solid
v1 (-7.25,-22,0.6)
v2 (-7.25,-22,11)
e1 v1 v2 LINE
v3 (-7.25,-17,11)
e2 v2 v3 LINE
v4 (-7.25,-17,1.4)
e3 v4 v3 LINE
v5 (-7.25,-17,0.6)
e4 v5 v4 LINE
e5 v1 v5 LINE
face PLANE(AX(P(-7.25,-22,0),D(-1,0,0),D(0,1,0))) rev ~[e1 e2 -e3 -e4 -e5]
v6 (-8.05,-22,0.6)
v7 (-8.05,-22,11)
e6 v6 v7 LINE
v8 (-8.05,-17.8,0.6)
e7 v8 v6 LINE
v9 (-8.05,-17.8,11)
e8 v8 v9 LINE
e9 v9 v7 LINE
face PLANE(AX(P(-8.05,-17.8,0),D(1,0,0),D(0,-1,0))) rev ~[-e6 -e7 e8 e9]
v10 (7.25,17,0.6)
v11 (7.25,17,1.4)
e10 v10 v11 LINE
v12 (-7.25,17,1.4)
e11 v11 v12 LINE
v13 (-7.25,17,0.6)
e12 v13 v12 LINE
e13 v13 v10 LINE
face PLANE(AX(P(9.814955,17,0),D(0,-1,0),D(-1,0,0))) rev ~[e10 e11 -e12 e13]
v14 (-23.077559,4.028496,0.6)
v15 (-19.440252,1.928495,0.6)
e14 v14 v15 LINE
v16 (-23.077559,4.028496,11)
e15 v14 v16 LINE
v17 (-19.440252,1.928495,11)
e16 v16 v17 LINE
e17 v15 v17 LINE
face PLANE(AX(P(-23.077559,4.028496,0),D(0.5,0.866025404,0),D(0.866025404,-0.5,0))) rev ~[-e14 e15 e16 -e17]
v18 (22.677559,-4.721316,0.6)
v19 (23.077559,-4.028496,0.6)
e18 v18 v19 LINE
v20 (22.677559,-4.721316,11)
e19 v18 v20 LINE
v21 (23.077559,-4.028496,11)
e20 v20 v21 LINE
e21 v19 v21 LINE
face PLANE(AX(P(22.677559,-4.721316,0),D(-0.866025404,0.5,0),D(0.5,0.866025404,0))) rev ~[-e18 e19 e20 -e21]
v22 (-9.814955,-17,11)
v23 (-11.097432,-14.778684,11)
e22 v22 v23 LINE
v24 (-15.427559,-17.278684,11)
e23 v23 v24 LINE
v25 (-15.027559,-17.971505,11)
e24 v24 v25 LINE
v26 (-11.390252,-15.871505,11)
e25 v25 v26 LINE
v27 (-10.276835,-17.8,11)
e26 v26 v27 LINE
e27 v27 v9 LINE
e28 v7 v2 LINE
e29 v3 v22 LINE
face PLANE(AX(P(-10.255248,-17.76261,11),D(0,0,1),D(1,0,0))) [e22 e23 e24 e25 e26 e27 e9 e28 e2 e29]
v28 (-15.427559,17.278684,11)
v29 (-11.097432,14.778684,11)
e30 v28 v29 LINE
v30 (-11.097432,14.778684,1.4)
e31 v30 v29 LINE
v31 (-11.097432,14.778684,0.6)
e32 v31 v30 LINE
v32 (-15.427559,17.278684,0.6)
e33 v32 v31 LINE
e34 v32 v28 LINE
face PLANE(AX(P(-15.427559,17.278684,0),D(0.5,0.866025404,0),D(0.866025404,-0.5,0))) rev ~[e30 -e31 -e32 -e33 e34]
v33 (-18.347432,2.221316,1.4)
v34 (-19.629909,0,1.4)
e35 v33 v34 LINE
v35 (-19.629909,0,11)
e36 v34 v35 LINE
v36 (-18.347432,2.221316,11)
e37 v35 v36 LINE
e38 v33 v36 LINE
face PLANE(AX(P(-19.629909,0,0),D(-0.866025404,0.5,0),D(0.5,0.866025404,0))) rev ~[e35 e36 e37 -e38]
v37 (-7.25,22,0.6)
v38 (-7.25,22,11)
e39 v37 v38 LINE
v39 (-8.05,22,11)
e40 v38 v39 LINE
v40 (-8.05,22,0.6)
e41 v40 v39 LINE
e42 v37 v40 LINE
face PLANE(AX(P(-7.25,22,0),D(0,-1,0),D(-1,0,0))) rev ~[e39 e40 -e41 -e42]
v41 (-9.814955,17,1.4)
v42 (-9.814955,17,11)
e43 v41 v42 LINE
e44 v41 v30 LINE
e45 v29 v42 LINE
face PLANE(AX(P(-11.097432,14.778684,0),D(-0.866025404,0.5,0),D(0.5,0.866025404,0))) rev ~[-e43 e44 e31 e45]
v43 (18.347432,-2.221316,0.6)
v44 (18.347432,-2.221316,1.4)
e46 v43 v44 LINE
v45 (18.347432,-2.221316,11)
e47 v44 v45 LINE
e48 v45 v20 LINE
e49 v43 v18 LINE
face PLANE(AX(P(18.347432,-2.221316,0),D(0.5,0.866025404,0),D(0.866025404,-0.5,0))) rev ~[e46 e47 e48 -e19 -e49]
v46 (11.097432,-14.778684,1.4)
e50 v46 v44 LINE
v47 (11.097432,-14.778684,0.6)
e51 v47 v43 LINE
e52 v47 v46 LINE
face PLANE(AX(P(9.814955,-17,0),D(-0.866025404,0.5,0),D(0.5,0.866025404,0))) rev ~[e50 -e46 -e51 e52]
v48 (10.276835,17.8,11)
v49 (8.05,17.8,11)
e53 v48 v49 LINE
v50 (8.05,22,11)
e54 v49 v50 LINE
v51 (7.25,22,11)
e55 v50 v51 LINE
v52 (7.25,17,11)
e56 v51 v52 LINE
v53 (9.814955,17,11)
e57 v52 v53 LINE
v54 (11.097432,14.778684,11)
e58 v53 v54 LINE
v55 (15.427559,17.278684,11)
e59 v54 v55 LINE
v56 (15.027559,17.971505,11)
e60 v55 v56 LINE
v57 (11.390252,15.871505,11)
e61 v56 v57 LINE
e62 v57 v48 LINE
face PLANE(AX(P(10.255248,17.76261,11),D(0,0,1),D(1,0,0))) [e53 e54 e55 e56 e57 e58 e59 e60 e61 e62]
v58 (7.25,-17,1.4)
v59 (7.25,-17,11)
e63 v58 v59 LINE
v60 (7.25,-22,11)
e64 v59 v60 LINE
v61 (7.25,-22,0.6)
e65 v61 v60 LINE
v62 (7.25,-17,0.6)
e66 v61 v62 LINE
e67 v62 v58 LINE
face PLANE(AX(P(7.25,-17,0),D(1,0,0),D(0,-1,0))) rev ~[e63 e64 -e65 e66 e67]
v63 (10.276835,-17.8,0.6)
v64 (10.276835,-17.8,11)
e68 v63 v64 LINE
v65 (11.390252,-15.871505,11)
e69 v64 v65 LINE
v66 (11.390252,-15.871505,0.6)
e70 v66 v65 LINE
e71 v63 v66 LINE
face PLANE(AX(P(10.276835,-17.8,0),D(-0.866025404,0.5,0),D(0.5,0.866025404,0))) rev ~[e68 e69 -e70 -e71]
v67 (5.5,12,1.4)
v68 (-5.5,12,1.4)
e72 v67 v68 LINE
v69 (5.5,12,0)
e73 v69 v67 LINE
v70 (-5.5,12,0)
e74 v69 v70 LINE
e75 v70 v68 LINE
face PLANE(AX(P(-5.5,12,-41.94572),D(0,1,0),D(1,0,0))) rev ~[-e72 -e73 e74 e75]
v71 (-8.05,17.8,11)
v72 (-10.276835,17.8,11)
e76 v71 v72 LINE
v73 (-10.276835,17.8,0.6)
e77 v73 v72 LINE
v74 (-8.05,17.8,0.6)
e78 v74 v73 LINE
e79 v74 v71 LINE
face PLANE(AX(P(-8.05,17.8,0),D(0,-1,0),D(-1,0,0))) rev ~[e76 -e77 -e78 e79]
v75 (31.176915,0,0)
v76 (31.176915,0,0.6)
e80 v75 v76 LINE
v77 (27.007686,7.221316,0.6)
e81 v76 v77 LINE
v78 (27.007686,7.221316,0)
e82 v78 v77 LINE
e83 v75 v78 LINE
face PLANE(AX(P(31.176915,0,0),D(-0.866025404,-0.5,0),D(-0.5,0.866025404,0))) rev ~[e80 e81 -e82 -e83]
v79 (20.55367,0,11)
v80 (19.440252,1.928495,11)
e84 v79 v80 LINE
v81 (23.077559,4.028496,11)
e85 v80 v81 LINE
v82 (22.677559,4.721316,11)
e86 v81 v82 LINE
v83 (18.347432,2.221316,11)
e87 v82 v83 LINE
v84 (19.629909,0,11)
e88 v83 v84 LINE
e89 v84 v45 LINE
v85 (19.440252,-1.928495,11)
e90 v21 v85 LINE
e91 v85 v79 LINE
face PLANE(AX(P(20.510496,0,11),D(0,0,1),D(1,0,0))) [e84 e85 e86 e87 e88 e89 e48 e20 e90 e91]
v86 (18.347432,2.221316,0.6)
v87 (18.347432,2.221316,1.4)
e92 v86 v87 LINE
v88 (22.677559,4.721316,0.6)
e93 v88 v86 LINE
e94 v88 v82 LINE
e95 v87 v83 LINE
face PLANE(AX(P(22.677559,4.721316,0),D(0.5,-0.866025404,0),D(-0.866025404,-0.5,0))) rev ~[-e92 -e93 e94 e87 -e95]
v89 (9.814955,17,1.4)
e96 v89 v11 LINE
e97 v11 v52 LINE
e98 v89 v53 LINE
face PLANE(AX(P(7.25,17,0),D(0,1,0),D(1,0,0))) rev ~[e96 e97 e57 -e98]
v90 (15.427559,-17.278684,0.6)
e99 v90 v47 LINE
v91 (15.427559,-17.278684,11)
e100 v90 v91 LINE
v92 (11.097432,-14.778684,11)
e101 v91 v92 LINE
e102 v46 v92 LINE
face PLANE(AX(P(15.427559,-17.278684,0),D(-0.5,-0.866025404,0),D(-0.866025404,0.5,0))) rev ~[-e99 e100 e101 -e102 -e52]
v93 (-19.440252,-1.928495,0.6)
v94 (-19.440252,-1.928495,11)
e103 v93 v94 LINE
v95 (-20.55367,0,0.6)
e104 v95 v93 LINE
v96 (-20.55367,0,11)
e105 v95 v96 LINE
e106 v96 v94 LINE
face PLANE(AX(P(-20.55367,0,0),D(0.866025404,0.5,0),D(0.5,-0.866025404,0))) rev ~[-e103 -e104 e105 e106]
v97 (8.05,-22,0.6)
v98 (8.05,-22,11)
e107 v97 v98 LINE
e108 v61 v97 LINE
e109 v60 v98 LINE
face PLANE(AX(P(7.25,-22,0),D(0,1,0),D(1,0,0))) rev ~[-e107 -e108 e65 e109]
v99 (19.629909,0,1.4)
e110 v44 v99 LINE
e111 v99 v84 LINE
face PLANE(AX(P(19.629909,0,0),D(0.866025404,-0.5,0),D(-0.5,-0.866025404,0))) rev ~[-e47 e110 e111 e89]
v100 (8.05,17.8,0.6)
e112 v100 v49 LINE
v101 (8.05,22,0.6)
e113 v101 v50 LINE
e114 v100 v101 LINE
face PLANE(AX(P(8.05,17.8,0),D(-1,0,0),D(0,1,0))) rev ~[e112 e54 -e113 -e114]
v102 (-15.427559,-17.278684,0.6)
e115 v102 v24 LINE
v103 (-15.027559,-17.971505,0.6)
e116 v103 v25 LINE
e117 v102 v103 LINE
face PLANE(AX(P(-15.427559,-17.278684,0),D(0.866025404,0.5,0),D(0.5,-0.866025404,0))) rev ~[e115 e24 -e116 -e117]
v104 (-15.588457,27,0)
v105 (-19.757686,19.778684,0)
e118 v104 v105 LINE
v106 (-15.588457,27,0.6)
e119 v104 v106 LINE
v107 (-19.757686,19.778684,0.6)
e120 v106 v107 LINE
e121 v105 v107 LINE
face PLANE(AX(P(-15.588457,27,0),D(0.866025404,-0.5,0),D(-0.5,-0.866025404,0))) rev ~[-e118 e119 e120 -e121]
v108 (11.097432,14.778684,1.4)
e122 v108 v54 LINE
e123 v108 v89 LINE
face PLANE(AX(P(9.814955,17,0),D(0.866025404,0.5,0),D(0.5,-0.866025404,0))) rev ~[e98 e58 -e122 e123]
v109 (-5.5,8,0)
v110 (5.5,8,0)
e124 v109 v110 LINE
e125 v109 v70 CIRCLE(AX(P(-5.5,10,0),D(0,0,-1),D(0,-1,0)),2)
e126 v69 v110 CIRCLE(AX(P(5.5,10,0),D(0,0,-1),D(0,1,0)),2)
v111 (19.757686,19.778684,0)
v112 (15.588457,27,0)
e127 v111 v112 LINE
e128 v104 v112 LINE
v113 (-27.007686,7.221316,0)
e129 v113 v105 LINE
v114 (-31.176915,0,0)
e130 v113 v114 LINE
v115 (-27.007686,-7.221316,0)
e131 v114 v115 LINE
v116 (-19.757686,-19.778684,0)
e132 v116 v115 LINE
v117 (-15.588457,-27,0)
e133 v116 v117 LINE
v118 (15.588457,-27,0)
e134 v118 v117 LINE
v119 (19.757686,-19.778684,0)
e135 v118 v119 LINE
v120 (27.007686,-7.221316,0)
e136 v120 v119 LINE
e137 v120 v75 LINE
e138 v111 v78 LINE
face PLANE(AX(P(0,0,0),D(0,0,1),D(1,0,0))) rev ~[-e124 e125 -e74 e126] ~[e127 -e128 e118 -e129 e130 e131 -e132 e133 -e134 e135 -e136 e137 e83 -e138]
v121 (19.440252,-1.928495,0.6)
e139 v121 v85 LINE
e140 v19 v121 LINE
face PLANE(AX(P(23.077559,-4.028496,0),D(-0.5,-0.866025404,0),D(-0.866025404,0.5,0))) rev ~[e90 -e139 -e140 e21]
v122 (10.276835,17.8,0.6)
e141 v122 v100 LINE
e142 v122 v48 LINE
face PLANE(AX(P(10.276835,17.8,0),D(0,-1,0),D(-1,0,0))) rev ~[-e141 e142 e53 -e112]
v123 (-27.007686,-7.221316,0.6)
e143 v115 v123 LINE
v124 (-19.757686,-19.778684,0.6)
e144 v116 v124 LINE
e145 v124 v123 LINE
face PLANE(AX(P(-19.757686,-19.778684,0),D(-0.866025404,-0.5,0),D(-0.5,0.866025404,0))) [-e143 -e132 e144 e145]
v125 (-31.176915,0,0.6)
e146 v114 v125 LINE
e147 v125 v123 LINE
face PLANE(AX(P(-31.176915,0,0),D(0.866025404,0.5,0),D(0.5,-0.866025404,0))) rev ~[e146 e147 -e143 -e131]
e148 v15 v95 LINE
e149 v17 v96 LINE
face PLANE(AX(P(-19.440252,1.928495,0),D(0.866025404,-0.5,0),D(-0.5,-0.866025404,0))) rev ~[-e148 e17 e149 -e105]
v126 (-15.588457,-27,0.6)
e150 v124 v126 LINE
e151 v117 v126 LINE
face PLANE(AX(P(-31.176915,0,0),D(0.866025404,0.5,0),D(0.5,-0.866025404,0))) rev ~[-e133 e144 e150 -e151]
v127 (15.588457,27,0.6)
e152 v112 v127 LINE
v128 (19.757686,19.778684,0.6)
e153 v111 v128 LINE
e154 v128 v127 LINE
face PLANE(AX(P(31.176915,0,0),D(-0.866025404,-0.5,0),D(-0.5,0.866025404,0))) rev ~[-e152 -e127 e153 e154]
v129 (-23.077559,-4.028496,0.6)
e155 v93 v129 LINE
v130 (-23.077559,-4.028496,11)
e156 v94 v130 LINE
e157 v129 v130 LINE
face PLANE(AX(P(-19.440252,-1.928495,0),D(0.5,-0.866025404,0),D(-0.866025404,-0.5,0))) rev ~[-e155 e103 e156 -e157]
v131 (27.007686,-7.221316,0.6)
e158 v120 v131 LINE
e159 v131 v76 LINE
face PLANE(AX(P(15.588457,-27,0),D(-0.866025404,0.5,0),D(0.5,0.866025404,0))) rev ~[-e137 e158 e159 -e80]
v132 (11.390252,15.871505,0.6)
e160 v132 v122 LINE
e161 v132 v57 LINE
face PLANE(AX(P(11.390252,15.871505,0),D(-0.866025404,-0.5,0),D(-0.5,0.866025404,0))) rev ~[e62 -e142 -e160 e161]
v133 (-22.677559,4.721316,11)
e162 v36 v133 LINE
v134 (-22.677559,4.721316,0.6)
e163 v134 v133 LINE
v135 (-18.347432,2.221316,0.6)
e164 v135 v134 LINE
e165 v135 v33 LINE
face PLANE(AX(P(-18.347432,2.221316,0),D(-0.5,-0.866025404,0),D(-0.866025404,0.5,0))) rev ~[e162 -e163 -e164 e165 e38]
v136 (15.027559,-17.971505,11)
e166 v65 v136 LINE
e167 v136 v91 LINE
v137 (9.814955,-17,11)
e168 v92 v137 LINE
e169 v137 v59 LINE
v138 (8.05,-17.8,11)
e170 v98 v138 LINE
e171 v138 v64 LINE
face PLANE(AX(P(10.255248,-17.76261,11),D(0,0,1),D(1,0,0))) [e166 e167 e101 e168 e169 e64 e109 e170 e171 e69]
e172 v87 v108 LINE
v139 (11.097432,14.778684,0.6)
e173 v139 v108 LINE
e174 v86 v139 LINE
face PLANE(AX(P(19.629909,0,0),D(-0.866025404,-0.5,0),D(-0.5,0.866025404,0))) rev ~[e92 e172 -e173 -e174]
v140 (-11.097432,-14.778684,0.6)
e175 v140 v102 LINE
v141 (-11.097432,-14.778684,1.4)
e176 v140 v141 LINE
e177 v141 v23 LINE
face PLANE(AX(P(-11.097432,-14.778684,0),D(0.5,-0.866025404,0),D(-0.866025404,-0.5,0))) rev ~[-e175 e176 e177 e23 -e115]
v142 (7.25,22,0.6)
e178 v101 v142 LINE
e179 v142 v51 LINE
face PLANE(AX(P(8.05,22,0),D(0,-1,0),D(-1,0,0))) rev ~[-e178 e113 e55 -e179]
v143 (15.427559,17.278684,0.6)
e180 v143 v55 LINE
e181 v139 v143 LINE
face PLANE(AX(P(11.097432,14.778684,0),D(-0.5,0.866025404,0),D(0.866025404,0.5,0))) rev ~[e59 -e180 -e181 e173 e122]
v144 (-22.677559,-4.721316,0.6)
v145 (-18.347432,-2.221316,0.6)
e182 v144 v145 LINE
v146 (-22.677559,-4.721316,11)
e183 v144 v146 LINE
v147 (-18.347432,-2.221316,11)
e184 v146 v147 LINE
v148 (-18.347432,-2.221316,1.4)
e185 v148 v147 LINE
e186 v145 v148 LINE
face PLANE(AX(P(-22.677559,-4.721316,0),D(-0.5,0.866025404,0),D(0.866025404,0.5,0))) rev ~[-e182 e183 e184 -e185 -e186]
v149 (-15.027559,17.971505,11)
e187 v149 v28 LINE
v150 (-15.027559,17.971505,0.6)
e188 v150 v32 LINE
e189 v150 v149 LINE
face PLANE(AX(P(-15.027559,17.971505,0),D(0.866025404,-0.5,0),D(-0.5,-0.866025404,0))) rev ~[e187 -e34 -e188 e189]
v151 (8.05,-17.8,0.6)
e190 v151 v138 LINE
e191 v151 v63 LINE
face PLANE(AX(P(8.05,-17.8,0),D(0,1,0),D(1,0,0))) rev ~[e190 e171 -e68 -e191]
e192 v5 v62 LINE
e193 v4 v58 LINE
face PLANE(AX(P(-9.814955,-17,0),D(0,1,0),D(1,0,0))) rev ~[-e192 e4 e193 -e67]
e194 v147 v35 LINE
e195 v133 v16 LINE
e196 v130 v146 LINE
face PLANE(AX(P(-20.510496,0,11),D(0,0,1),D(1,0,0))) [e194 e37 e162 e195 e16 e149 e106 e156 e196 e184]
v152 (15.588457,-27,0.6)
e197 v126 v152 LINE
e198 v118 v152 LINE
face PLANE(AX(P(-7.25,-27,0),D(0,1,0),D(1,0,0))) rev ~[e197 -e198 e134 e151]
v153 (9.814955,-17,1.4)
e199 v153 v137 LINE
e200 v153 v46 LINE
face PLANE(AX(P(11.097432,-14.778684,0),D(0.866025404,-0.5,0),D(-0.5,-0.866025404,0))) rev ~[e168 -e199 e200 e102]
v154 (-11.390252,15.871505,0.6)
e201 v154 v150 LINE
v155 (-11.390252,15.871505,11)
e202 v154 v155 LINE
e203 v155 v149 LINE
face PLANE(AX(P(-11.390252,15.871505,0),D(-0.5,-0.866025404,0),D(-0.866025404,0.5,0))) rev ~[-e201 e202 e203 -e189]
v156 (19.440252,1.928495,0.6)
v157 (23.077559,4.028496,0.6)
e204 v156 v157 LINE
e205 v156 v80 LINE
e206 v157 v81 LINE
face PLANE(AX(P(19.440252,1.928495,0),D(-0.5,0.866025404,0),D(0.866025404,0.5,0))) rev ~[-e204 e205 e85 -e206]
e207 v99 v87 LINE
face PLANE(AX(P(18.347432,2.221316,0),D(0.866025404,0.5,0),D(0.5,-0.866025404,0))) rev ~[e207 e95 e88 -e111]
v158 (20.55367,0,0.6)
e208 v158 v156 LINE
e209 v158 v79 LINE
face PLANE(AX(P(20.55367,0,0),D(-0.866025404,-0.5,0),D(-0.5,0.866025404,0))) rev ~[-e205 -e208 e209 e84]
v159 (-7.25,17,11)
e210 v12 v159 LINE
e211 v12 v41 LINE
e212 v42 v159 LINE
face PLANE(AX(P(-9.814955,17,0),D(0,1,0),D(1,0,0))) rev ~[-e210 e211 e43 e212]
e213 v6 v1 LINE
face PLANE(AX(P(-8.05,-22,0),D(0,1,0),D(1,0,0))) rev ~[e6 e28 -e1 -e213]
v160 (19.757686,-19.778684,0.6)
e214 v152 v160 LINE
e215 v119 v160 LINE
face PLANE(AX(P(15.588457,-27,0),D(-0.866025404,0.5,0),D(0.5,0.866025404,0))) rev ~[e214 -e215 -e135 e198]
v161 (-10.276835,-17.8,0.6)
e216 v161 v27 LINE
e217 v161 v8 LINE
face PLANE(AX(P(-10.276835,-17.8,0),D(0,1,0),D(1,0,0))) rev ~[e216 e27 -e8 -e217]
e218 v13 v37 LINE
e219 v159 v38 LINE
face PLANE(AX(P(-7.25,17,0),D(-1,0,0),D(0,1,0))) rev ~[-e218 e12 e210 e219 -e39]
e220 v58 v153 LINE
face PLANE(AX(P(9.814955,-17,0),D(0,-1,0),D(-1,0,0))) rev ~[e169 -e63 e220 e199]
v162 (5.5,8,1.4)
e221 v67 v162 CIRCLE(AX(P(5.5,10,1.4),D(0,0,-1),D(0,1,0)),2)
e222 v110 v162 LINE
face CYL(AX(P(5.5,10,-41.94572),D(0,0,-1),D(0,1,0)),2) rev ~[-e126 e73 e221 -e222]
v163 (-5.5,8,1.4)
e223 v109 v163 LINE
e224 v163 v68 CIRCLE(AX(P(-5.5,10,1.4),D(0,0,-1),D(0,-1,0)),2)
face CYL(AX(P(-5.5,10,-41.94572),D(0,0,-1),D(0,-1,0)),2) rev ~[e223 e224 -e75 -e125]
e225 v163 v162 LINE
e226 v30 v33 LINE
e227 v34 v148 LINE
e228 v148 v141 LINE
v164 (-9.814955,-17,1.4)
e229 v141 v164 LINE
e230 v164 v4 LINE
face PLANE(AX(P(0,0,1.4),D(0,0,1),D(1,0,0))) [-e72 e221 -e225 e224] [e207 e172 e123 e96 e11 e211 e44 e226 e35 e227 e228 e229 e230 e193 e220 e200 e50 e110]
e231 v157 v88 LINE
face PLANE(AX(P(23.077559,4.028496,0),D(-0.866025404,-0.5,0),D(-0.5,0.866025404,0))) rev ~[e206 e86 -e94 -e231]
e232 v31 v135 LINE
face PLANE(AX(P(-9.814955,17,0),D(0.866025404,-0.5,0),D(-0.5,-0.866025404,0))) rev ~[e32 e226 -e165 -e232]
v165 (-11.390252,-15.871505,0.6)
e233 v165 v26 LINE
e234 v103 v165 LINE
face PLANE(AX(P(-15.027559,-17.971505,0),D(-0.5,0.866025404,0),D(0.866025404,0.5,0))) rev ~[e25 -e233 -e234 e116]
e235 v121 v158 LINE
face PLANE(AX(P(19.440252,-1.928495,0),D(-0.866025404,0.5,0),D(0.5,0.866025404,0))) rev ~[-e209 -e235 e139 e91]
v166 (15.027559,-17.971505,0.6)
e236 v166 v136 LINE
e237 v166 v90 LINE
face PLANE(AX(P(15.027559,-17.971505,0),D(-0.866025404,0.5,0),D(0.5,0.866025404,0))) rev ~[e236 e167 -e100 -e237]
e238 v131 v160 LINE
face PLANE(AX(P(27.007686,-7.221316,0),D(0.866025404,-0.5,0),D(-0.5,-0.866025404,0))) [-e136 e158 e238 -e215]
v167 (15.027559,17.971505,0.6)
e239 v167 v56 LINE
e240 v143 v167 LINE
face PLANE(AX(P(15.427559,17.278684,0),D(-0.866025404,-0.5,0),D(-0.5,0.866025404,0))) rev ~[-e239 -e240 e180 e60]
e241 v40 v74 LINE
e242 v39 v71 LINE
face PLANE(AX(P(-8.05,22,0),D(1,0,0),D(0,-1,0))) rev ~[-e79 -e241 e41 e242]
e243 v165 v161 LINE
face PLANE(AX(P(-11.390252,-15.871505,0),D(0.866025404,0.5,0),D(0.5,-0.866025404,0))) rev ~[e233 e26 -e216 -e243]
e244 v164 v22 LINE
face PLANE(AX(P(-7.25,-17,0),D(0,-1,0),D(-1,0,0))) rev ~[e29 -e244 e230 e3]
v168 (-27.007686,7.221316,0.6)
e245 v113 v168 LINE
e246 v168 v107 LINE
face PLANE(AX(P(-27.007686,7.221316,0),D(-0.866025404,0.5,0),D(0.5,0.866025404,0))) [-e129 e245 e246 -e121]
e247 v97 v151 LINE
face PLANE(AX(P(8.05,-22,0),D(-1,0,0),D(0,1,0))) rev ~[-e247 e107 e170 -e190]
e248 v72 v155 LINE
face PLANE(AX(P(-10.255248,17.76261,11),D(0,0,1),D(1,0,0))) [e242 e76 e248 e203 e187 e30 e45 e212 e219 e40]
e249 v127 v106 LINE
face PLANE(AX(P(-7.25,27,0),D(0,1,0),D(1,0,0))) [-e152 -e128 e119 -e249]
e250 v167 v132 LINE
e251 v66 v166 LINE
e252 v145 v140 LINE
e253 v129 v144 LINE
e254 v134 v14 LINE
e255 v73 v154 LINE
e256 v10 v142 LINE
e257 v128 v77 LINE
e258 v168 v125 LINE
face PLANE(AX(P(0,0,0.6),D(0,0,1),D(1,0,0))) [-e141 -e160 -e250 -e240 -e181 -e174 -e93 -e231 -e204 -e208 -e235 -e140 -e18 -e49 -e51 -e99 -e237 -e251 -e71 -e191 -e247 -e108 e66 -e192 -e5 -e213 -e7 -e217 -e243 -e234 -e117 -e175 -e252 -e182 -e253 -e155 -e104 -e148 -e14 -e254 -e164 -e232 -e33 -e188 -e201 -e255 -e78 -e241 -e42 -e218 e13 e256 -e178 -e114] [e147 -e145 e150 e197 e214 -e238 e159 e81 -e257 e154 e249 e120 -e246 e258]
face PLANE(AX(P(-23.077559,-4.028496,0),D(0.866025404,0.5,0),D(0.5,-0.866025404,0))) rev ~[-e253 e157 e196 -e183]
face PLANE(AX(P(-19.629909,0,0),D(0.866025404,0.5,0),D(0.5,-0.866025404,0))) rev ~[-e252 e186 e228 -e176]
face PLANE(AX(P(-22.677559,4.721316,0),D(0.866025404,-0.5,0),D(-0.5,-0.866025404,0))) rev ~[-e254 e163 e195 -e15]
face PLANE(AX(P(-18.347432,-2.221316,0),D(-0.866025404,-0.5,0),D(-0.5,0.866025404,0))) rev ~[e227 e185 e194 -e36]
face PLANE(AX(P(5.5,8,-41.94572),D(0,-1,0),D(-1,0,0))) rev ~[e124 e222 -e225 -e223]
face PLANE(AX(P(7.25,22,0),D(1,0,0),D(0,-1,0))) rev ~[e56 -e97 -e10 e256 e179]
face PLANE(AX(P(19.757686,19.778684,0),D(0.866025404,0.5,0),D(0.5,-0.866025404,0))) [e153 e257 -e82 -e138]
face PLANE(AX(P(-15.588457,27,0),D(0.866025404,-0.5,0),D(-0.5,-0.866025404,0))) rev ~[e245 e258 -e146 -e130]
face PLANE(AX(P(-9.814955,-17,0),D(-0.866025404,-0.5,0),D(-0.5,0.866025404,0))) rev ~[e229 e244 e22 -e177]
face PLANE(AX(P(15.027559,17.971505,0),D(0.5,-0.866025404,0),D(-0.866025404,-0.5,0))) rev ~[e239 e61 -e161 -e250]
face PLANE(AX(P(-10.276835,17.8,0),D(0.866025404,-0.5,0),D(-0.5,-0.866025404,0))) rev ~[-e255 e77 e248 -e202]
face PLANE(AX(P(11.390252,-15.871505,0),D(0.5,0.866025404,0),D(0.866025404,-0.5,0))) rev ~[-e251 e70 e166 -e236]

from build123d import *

# Parameters (mm, degrees)
BOSS_EXTRUDE1_DEPTH     = 1.4
SKETCH2_W               = 14.5
SKETCH2_H               = 10
BOSS_EXTRUDE2_DEPTH     = 0.6
BOSS_EXTRUDE3_DEPTH     = 11
BOSS_EXTRUDE4_DEPTH     = 0.6
CUT_EXTRUDE1_DEPTH      = 43.345719973
CUT_EXTRUDE1_DEPTH_BACK = 43.345719973


with BuildPart() as part:
    # Sketch1 → Boss-Extrude1 (new body)
    with BuildSketch(Plane.XY):
        Polygon((19.629909152, 0), (9.814954576, 17), (-9.814954576, 17), (-19.629909152, 0), (-9.814954576, -17), (9.814954576, -17), align=None)
    extrude(amount=BOSS_EXTRUDE1_DEPTH)

    # Sketch2 → Boss-Extrude2 (add)
    with BuildSketch(Plane.XY):
        with Locations((0, 22)):
            Rectangle(SKETCH2_W, SKETCH2_H)
        Polygon((19.757685902, 19.778684177), (27.007685902, 7.221315823), (18.347431864, 2.221315823), (11.097431864, 14.778684177), align=None)
        Polygon((27.007685902, -7.221315823), (19.757685902, -19.778684177), (11.097431864, -14.778684177), (18.347431864, -2.221315823), align=None)
        with Locations((0, -22)):
            Rectangle(SKETCH2_W, SKETCH2_H)
        Polygon((-19.757685902, -19.778684177), (-27.007685902, -7.221315823), (-18.347431864, -2.221315823), (-11.097431864, -14.778684177), align=None)
        Polygon((-27.007685902, 7.221315823), (-19.757685902, 19.778684177), (-11.097431864, 14.778684177), (-18.347431864, 2.221315823), align=None)
    extrude(amount=BOSS_EXTRUDE2_DEPTH)

    # Sketch3 → Boss-Extrude3 (add)
    with BuildSketch(Plane.XY):
        Polygon((-7.25, 22), (-8.05, 22), (-8.05, 17.8), (-10.276834792, 17.8), (-11.390252187, 15.8715045), (-15.027558883, 17.9715045), (-15.427558883, 17.278684177), (-11.097431864, 14.778684177), (-9.814954576, 17), (-7.25, 17), align=None)
        Polygon((15.427558883, 17.278684177), (15.027558883, 17.9715045), (11.390252187, 15.8715045), (10.276834792, 17.8), (8.05, 17.8), (8.05, 22), (7.25, 22), (7.25, 17), (9.814954576, 17), (11.097431864, 14.778684177), align=None)
        Polygon((22.677558883, -4.721315823), (23.077558883, -4.0284955), (19.440252187, -1.9284955), (20.553669583, 0), (19.440252187, 1.9284955), (23.077558883, 4.0284955), (22.677558883, 4.721315823), (18.347431864, 2.221315823), (19.629909152, 0), (18.347431864, -2.221315823), align=None)
        Polygon((7.25, -22), (8.05, -22), (8.05, -17.8), (10.276834792, -17.8), (11.390252187, -15.8715045), (15.027558883, -17.9715045), (15.427558883, -17.278684177), (11.097431864, -14.778684177), (9.814954576, -17), (7.25, -17), align=None)
        Polygon((-15.427558883, -17.278684177), (-15.027558883, -17.9715045), (-11.390252187, -15.8715045), (-10.276834792, -17.8), (-8.05, -17.8), (-8.05, -22), (-7.25, -22), (-7.25, -17), (-9.814954576, -17), (-11.097431864, -14.778684177), align=None)
        Polygon((-22.677558883, 4.721315823), (-23.077558883, 4.0284955), (-19.440252187, 1.9284955), (-20.553669583, 0), (-19.440252187, -1.9284955), (-23.077558883, -4.0284955), (-22.677558883, -4.721315823), (-18.347431864, -2.221315823), (-19.629909152, 0), (-18.347431864, 2.221315823), align=None)
    extrude(amount=BOSS_EXTRUDE3_DEPTH)

    # Sketch4 → Boss-Extrude4 (add)
    with BuildSketch(Plane.XY):
        Polygon((31.176914536, 0), (15.588457268, 27), (-15.588457268, 27), (-31.176914536, 0), (-15.588457268, -27), (15.588457268, -27), align=None)
    extrude(amount=BOSS_EXTRUDE4_DEPTH)

    # Sketch5 → Cut-Extrude1 (cut, two sides: drawn at the far end of the back side and taken through both)
    with BuildSketch(Plane.XY.offset(1.4).offset(-CUT_EXTRUDE1_DEPTH_BACK)):
        with BuildLine():
            Line((-5.5, 12), (5.5, 12))
            ThreePointArc((5.5, 12), (7.5, 10), (5.5, 8))
            Line((5.5, 8), (-5.5, 8))
            ThreePointArc((-5.5, 8), (-7.5, 10), (-5.5, 12))
        make_face()
    extrude(amount=CUT_EXTRUDE1_DEPTH + CUT_EXTRUDE1_DEPTH_BACK, mode=Mode.SUBTRACT)


solid = part.part
